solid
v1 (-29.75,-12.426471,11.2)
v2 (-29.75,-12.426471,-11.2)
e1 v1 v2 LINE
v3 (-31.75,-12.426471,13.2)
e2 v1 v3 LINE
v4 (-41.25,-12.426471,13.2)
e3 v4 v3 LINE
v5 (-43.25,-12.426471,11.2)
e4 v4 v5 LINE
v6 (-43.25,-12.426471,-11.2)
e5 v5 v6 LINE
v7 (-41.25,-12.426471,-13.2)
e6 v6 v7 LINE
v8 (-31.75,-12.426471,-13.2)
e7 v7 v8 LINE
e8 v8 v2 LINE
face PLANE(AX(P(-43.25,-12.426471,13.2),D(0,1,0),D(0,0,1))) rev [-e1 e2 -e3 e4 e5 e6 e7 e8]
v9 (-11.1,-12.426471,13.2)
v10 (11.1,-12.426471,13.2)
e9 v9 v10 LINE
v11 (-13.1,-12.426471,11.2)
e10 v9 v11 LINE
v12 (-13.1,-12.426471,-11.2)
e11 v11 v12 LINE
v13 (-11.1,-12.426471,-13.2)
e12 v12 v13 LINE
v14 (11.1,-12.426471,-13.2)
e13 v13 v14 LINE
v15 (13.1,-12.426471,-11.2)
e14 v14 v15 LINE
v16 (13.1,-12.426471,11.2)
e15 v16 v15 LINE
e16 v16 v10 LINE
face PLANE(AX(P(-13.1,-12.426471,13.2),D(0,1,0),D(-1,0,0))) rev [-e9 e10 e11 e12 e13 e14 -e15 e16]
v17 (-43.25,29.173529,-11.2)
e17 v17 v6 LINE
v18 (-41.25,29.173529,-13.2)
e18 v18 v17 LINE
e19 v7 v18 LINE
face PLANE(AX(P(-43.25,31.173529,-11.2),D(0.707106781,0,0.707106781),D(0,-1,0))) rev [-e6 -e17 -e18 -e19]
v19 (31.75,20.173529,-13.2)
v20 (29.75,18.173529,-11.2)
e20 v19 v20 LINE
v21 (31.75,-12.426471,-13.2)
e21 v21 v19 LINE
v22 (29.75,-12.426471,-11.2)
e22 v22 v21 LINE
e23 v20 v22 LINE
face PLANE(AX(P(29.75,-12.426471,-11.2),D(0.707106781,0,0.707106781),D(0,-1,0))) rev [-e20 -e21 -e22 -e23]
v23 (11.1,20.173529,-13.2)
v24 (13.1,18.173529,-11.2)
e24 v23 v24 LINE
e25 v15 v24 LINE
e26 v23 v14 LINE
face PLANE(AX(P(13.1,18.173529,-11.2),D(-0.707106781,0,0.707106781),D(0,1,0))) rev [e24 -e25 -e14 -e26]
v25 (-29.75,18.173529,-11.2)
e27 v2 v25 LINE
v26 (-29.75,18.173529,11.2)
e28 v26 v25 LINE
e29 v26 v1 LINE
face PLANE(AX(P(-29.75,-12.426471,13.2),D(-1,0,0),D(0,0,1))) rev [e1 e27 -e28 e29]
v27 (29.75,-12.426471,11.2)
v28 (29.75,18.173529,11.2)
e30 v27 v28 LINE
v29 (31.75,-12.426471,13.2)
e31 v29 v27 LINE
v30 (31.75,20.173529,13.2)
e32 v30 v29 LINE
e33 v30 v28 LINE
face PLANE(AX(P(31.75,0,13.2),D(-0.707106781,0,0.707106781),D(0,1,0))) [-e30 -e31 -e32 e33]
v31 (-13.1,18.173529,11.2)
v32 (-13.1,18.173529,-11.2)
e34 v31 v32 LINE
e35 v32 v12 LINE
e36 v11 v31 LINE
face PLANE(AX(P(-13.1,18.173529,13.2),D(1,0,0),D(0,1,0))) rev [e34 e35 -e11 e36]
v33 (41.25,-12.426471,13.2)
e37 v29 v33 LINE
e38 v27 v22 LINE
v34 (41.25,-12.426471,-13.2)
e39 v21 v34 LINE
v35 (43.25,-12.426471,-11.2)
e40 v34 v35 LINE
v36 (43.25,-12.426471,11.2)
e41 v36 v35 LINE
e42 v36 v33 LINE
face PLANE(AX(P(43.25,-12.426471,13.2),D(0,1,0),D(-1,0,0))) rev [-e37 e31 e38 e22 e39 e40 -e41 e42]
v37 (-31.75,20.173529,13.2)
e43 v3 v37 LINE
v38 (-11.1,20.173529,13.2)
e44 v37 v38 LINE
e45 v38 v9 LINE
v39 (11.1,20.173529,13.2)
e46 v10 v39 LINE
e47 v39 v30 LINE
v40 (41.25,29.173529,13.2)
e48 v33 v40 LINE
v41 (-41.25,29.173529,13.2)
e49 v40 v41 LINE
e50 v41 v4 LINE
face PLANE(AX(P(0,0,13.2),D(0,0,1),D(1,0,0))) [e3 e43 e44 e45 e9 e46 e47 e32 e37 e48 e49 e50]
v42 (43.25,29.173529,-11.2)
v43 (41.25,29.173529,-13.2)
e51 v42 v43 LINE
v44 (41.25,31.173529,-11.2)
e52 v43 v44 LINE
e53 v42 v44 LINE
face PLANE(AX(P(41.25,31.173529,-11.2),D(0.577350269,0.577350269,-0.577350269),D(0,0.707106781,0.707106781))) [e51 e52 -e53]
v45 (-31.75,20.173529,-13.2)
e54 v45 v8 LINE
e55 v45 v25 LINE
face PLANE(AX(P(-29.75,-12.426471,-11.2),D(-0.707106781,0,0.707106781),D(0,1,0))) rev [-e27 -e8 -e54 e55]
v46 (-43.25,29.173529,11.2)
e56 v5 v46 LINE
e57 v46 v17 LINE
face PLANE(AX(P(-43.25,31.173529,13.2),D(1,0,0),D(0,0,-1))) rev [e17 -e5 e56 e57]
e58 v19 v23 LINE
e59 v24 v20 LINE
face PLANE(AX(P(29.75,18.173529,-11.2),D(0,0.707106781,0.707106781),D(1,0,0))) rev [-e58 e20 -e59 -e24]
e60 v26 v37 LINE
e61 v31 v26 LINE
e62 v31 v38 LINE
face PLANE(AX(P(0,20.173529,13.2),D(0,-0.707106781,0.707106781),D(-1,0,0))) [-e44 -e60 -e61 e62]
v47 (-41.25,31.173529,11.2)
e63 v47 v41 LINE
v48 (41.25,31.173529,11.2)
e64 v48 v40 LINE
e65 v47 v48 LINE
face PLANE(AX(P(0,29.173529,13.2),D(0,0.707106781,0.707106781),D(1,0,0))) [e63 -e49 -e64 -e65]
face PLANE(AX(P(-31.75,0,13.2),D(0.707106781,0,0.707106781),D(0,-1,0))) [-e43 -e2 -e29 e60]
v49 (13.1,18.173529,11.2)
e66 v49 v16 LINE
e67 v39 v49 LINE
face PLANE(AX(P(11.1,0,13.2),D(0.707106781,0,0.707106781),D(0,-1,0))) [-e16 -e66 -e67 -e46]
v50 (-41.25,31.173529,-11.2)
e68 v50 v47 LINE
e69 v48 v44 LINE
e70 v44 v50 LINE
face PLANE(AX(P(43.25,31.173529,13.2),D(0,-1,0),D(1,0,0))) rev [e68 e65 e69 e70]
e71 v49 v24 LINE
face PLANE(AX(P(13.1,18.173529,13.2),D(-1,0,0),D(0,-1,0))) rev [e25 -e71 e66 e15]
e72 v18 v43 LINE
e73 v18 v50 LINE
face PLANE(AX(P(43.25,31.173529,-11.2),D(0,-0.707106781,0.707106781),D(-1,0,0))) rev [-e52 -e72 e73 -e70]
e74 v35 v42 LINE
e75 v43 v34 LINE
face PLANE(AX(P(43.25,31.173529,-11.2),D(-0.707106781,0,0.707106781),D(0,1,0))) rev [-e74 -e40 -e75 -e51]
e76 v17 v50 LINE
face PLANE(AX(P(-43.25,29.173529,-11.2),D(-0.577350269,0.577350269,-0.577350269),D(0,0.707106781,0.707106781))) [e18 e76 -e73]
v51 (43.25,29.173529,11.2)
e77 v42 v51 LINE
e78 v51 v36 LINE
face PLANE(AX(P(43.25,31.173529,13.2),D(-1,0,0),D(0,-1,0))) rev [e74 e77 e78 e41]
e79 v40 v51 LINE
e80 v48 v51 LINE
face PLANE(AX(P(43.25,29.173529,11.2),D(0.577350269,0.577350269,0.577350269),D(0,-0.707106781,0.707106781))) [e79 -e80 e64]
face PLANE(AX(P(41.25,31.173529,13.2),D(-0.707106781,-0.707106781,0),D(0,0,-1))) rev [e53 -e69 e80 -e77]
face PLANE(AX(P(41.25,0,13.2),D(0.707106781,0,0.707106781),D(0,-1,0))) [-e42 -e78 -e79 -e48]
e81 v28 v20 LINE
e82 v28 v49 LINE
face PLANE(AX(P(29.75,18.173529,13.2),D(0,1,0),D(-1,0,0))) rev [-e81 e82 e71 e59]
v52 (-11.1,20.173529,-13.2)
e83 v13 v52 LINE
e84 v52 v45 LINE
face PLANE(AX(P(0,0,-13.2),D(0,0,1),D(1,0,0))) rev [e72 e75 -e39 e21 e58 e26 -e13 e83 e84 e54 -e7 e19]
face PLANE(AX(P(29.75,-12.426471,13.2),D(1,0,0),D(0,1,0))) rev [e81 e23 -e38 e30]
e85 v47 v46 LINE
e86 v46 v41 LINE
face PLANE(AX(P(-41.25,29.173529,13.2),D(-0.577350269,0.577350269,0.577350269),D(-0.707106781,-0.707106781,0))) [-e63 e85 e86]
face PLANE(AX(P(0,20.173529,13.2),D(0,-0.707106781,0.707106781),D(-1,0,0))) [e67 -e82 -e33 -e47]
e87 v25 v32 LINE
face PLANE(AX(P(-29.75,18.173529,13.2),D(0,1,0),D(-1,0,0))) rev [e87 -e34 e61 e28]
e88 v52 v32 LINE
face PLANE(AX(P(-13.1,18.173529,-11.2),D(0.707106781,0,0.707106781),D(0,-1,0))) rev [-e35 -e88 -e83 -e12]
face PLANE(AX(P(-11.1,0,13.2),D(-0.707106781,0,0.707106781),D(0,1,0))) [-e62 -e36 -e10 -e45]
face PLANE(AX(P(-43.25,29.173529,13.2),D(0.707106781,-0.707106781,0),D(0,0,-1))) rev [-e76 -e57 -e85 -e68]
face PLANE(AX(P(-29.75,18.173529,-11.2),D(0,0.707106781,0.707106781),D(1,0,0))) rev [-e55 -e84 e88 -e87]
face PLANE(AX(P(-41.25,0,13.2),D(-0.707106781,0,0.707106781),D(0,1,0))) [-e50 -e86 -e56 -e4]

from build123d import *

# Parameters (mm, degrees)
BOSS_EXTRUDE1_DEPTH = 13.2
CHAMFER1_SIZE       = 2


with BuildPart() as part:
    # Sketch1 → Boss-Extrude1 (new, symmetric)
    with BuildSketch(Plane.XY):
        Polygon((43.25, 31.173529412), (-43.25, 31.173529412), (-43.25, -12.426470588), (-29.75, -12.426470588), (-29.75, 18.173529412), (-13.1, 18.173529412), (-13.1, -12.426470588), (13.1, -12.426470588), (13.1, 18.173529412), (29.75, 18.173529412), (29.75, -12.426470588), (43.25, -12.426470588), align=None)
    extrude(amount=BOSS_EXTRUDE1_DEPTH, both=True)

    # Chamfer1
    chamfer1_edges = [part.edges().sort_by_distance(p)[0] for p in [
        (13.1, 2.873529412, -13.2),
        (-13.1, 2.873529412, -13.2),
        (-21.425, 18.173529412, -13.2),
        (-29.75, 2.873529412, -13.2),
        (-43.25, 9.373529412, -13.2),
        (0, 31.173529412, -13.2),
        (43.25, 9.373529412, -13.2),
        (29.75, 2.873529412, -13.2),
        (21.425, 18.173529412, -13.2),
        (43.25, 9.373529412, 13.2),
        (0, 31.173529412, 13.2),
        (-43.25, 31.173529412, 0),
        (43.25, 31.173529412, 0),
        (-43.25, 9.373529412, 13.2),
        (-29.75, 2.873529412, 13.2),
        (-21.425, 18.173529412, 13.2),
        (-13.1, 2.873529412, 13.2),
        (13.1, 2.873529412, 13.2),
        (21.425, 18.173529412, 13.2),
        (29.75, 2.873529412, 13.2),
    ]]
    chamfer(chamfer1_edges, length=CHAMFER1_SIZE)


solid = part.part
